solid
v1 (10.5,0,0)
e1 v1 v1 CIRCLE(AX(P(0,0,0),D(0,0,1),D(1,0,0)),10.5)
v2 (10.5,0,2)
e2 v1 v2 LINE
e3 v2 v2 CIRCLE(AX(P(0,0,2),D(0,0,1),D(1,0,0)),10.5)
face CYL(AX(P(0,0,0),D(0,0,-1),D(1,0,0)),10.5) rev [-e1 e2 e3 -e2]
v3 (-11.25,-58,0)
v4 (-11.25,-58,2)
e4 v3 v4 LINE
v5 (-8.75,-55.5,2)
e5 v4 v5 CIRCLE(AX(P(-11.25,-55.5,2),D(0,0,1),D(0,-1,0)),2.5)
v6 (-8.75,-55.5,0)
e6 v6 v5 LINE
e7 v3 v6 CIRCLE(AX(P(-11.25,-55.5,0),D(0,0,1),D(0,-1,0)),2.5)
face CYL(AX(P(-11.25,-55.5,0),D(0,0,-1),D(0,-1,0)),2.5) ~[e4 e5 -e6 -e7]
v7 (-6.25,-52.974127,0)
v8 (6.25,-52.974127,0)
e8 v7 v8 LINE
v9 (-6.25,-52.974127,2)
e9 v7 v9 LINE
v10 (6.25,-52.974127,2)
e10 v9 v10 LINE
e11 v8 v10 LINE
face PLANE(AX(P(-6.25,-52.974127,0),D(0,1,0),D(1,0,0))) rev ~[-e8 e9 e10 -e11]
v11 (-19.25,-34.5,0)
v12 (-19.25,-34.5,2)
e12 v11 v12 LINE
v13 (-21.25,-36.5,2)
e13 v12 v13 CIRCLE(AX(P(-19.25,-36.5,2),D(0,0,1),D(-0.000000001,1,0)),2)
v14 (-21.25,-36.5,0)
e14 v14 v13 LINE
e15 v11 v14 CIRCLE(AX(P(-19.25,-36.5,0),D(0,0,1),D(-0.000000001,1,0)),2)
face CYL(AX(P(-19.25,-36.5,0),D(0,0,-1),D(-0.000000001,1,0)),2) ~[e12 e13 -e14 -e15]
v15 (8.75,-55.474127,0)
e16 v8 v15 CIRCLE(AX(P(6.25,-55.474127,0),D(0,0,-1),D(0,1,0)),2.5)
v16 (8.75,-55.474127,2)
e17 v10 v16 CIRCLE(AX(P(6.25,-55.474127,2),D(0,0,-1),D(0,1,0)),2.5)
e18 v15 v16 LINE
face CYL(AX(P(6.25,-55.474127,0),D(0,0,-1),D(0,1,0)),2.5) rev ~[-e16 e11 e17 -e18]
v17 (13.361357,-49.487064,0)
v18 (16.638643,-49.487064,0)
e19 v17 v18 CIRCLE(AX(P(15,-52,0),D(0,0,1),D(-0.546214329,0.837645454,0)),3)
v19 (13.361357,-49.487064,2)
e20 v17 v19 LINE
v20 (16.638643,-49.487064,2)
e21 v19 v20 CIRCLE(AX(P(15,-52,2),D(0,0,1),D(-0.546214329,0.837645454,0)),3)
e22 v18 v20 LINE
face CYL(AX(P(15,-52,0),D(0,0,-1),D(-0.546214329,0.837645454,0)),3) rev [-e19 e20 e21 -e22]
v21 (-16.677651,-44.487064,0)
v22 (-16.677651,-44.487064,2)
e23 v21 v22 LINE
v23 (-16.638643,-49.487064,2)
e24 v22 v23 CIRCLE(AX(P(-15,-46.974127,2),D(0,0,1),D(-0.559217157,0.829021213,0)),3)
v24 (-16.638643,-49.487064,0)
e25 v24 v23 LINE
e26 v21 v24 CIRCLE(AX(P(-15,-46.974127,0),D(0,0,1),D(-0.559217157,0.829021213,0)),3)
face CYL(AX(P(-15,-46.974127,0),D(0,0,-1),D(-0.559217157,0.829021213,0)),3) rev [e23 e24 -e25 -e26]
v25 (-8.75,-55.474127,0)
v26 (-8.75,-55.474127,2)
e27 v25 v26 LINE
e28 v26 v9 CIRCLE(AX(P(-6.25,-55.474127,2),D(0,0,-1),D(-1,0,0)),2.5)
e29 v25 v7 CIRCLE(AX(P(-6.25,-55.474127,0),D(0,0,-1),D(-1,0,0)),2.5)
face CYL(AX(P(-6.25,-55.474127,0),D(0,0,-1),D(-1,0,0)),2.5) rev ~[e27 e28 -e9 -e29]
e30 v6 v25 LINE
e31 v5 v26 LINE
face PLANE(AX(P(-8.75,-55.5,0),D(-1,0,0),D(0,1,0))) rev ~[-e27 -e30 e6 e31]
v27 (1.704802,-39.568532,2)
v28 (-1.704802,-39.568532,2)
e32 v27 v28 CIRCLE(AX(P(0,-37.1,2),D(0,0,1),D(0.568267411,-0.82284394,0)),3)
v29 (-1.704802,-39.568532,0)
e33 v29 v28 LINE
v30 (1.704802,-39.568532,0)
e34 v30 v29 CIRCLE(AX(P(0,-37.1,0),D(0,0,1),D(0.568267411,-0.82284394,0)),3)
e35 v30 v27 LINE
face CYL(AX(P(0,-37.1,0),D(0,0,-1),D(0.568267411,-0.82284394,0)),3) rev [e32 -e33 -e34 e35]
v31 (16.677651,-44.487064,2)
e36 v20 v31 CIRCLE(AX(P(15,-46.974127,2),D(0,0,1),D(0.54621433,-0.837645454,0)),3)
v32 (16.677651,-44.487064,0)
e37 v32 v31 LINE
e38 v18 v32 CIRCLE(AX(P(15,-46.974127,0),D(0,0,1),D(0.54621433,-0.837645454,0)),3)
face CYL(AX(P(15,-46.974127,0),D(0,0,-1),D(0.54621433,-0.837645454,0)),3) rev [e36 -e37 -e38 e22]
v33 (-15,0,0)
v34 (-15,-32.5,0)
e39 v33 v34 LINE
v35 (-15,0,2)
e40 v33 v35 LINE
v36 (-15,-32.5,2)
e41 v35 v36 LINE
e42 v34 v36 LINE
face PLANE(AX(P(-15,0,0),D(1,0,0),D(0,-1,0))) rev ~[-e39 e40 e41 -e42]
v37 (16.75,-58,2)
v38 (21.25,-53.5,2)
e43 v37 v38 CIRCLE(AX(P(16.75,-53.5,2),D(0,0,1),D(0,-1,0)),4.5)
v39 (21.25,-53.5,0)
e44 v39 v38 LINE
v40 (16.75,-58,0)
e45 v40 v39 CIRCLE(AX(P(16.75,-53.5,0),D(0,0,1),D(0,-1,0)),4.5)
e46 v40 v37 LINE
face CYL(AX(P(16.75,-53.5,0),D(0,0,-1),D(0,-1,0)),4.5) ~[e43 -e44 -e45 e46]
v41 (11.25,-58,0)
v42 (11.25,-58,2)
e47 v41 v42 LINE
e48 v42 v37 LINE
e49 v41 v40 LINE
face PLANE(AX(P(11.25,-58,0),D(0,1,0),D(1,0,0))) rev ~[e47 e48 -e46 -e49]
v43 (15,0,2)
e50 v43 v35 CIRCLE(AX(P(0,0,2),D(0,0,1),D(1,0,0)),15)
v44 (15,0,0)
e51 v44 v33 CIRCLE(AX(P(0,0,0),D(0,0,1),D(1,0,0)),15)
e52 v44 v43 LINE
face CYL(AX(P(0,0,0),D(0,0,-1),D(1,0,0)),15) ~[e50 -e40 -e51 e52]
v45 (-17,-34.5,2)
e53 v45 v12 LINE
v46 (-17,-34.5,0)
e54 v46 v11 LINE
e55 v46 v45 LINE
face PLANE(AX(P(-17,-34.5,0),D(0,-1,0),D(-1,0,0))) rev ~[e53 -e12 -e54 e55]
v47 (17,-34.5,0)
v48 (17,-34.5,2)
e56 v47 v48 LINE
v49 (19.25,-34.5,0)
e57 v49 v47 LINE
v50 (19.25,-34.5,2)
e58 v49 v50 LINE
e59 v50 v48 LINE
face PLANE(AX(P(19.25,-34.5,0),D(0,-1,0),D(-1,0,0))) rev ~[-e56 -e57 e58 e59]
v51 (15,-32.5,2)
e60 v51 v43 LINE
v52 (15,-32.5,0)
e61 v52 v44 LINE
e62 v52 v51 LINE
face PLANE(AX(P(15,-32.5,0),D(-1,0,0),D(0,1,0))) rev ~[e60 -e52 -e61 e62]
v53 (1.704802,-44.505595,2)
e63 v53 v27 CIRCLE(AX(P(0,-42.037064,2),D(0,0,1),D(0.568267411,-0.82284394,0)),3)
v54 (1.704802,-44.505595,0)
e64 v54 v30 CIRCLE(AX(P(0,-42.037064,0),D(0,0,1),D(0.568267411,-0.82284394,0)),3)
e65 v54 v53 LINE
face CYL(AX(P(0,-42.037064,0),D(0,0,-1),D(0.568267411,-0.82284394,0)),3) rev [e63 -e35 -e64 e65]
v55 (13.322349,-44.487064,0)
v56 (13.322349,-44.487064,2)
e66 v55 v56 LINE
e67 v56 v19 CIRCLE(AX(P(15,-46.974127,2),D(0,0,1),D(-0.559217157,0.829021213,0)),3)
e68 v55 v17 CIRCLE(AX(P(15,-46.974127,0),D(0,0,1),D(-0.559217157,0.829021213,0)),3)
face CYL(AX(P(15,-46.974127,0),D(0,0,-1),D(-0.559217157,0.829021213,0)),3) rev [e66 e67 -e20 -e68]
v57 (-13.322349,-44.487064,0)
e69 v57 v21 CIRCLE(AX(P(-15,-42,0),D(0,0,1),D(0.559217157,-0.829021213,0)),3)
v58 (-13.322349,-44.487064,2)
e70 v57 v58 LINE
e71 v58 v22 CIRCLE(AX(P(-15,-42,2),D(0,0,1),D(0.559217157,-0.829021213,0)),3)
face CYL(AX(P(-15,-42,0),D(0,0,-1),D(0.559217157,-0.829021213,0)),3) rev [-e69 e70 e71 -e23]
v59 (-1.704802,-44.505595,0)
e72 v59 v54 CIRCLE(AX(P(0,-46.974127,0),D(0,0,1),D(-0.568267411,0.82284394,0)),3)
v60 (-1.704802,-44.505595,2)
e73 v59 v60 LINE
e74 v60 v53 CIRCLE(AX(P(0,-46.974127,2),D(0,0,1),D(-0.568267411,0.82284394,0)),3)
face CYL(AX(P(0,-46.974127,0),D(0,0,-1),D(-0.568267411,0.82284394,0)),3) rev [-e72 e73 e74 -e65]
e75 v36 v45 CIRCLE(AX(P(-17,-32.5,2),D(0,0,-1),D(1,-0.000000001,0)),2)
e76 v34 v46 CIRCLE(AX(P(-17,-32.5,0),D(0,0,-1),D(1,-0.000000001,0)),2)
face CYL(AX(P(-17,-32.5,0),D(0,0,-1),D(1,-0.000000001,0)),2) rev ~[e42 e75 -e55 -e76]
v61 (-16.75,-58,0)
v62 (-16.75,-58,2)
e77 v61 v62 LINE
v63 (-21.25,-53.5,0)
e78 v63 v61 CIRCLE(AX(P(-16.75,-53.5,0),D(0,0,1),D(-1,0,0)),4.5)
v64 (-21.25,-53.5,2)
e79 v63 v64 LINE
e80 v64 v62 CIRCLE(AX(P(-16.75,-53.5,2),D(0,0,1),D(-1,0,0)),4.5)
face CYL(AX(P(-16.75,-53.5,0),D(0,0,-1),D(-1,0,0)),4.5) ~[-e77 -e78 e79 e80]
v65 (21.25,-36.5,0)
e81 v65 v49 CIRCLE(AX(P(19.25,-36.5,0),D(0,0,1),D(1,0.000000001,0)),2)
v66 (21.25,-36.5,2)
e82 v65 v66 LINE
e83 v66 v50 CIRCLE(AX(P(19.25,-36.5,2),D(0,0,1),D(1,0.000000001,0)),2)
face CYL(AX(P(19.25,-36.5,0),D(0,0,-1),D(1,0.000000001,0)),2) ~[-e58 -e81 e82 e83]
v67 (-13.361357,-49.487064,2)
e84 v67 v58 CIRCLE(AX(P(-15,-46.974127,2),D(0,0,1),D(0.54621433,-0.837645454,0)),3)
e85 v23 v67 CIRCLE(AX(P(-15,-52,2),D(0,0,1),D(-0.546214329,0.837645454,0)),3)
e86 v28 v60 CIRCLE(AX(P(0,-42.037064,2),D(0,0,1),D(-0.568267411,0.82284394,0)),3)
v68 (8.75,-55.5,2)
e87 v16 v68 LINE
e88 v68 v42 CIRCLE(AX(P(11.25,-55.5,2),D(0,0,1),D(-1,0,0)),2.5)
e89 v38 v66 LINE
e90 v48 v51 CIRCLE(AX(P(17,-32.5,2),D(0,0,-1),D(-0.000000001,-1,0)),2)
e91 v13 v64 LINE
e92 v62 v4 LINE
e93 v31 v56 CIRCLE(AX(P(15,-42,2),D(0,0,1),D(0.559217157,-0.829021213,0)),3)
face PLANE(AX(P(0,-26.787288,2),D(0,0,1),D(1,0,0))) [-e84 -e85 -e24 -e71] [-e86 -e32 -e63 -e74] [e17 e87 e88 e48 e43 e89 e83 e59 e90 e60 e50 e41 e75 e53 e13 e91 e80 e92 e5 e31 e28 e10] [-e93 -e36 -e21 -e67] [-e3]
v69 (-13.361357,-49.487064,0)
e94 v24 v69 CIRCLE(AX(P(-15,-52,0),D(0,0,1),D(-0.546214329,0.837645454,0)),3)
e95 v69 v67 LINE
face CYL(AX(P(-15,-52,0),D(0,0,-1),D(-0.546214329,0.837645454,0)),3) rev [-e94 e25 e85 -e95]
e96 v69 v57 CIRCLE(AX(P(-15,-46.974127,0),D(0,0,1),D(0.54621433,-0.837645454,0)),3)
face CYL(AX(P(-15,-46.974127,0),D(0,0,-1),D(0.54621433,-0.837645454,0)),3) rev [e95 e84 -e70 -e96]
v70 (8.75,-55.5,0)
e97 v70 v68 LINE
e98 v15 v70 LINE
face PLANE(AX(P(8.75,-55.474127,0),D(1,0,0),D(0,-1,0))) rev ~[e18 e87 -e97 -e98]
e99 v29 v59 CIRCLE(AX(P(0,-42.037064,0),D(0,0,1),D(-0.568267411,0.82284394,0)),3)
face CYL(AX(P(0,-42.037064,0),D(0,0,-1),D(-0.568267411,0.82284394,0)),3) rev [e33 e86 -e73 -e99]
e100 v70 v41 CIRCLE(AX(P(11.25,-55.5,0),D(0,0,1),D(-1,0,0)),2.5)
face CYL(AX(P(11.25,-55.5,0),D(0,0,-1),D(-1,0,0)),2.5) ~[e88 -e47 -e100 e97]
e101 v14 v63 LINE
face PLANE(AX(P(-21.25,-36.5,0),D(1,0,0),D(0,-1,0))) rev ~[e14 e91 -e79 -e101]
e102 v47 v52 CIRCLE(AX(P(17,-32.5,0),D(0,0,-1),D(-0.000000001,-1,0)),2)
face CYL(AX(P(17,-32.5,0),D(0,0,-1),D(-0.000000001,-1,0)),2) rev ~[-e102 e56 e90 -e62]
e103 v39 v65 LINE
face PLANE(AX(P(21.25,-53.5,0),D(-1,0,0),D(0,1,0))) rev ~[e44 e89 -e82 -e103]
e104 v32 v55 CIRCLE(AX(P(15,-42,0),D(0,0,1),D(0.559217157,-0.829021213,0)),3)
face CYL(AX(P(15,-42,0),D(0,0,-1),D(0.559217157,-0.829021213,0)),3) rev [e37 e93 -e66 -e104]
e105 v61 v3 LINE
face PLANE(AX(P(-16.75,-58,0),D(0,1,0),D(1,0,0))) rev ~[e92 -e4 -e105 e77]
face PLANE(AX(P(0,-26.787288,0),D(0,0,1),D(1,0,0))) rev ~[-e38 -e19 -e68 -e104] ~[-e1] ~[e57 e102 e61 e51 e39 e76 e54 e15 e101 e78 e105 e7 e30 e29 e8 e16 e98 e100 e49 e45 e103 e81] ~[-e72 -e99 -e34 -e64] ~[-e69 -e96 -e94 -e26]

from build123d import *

# Parameters (mm, degrees)
SKETCH_1_R      = 10.5
EXTRUDE_1_DEPTH = 2


with BuildPart() as part:
    # 草图1 → 凸台-拉伸1 (new body)
    with BuildSketch(Plane.XY):
        with BuildLine():
            Line((-15, 0), (-15, -32.5))
            ThreePointArc((-15, -32.5), (-15.585786438, -33.914213562), (-17, -34.5))
            Line((-17, -34.5), (-19.25, -34.5))
            ThreePointArc((-19.25, -34.5), (-20.664213562, -35.085786438), (-21.25, -36.5))
            Line((-21.25, -36.5), (-21.25, -53.5))
            ThreePointArc((-21.25, -53.5), (-19.931980515, -56.681980515), (-16.75, -58))
            Line((-16.75, -58), (-11.25, -58))
            ThreePointArc((-11.25, -58), (-9.482233047, -57.267766953), (-8.75, -55.5))
            Line((-8.75, -55.5), (-8.75, -55.474127277))
            ThreePointArc((-8.75, -55.474127277), (-8.017766953, -53.706360324), (-6.25, -52.974127277))
            Line((-6.25, -52.974127277), (6.25, -52.974127277))
            ThreePointArc((6.25, -52.974127277), (8.017766953, -53.706360324), (8.75, -55.474127277))
            Line((8.75, -55.474127277), (8.75, -55.5))
            ThreePointArc((8.75, -55.5), (9.482233047, -57.267766953), (11.25, -58))
            Line((11.25, -58), (16.75, -58))
            ThreePointArc((16.75, -58), (19.931980515, -56.681980515), (21.25, -53.5))
            Line((21.25, -53.5), (21.25, -36.5))
            ThreePointArc((21.25, -36.5), (20.664213562, -35.085786438), (19.25, -34.5))
            Line((19.25, -34.5), (17, -34.5))
            ThreePointArc((17, -34.5), (15.585786438, -33.914213562), (15, -32.5))
            Line((15, -32.5), (15, 0))
            ThreePointArc((15, 0), (0, 15), (-15, 0))
        make_face()
        Circle(SKETCH_1_R, mode=Mode.SUBTRACT)
        with BuildLine():
            ThreePointArc((-16.638642988, -49.487063639), (-15, -55), (-13.361357012, -49.487063639))
            ThreePointArc((-13.361357012, -49.487063639), (-12.000091296, -46.997531654), (-13.322348529, -44.487063639))
            ThreePointArc((-13.322348529, -44.487063639), (-15, -39), (-16.677651471, -44.487063639))
            ThreePointArc((-16.677651471, -44.487063639), (-17.999908704, -46.997531654), (-16.638642988, -49.487063639))
        make_face(mode=Mode.SUBTRACT)
        with BuildLine():
            ThreePointArc((-1.704802234, -39.568531819), (-3, -42.037063639), (-1.704802234, -44.505595458))
            ThreePointArc((-1.704802234, -44.505595458), (0, -49.974127277), (1.704802234, -44.505595458))
            ThreePointArc((1.704802234, -44.505595458), (3, -42.037063639), (1.704802234, -39.568531819))
            ThreePointArc((1.704802234, -39.568531819), (0, -34.1), (-1.704802234, -39.568531819))
        make_face(mode=Mode.SUBTRACT)
        with BuildLine():
            ThreePointArc((13.361357012, -49.487063639), (15, -55), (16.638642988, -49.487063639))
            ThreePointArc((16.638642988, -49.487063639), (17.999908704, -46.997531654), (16.677651471, -44.487063639))
            ThreePointArc((16.677651471, -44.487063639), (15, -39), (13.322348529, -44.487063639))
            ThreePointArc((13.322348529, -44.487063639), (12.000091296, -46.997531654), (13.361357012, -49.487063639))
        make_face(mode=Mode.SUBTRACT)
    extrude(amount=EXTRUDE_1_DEPTH)


solid = part.part
